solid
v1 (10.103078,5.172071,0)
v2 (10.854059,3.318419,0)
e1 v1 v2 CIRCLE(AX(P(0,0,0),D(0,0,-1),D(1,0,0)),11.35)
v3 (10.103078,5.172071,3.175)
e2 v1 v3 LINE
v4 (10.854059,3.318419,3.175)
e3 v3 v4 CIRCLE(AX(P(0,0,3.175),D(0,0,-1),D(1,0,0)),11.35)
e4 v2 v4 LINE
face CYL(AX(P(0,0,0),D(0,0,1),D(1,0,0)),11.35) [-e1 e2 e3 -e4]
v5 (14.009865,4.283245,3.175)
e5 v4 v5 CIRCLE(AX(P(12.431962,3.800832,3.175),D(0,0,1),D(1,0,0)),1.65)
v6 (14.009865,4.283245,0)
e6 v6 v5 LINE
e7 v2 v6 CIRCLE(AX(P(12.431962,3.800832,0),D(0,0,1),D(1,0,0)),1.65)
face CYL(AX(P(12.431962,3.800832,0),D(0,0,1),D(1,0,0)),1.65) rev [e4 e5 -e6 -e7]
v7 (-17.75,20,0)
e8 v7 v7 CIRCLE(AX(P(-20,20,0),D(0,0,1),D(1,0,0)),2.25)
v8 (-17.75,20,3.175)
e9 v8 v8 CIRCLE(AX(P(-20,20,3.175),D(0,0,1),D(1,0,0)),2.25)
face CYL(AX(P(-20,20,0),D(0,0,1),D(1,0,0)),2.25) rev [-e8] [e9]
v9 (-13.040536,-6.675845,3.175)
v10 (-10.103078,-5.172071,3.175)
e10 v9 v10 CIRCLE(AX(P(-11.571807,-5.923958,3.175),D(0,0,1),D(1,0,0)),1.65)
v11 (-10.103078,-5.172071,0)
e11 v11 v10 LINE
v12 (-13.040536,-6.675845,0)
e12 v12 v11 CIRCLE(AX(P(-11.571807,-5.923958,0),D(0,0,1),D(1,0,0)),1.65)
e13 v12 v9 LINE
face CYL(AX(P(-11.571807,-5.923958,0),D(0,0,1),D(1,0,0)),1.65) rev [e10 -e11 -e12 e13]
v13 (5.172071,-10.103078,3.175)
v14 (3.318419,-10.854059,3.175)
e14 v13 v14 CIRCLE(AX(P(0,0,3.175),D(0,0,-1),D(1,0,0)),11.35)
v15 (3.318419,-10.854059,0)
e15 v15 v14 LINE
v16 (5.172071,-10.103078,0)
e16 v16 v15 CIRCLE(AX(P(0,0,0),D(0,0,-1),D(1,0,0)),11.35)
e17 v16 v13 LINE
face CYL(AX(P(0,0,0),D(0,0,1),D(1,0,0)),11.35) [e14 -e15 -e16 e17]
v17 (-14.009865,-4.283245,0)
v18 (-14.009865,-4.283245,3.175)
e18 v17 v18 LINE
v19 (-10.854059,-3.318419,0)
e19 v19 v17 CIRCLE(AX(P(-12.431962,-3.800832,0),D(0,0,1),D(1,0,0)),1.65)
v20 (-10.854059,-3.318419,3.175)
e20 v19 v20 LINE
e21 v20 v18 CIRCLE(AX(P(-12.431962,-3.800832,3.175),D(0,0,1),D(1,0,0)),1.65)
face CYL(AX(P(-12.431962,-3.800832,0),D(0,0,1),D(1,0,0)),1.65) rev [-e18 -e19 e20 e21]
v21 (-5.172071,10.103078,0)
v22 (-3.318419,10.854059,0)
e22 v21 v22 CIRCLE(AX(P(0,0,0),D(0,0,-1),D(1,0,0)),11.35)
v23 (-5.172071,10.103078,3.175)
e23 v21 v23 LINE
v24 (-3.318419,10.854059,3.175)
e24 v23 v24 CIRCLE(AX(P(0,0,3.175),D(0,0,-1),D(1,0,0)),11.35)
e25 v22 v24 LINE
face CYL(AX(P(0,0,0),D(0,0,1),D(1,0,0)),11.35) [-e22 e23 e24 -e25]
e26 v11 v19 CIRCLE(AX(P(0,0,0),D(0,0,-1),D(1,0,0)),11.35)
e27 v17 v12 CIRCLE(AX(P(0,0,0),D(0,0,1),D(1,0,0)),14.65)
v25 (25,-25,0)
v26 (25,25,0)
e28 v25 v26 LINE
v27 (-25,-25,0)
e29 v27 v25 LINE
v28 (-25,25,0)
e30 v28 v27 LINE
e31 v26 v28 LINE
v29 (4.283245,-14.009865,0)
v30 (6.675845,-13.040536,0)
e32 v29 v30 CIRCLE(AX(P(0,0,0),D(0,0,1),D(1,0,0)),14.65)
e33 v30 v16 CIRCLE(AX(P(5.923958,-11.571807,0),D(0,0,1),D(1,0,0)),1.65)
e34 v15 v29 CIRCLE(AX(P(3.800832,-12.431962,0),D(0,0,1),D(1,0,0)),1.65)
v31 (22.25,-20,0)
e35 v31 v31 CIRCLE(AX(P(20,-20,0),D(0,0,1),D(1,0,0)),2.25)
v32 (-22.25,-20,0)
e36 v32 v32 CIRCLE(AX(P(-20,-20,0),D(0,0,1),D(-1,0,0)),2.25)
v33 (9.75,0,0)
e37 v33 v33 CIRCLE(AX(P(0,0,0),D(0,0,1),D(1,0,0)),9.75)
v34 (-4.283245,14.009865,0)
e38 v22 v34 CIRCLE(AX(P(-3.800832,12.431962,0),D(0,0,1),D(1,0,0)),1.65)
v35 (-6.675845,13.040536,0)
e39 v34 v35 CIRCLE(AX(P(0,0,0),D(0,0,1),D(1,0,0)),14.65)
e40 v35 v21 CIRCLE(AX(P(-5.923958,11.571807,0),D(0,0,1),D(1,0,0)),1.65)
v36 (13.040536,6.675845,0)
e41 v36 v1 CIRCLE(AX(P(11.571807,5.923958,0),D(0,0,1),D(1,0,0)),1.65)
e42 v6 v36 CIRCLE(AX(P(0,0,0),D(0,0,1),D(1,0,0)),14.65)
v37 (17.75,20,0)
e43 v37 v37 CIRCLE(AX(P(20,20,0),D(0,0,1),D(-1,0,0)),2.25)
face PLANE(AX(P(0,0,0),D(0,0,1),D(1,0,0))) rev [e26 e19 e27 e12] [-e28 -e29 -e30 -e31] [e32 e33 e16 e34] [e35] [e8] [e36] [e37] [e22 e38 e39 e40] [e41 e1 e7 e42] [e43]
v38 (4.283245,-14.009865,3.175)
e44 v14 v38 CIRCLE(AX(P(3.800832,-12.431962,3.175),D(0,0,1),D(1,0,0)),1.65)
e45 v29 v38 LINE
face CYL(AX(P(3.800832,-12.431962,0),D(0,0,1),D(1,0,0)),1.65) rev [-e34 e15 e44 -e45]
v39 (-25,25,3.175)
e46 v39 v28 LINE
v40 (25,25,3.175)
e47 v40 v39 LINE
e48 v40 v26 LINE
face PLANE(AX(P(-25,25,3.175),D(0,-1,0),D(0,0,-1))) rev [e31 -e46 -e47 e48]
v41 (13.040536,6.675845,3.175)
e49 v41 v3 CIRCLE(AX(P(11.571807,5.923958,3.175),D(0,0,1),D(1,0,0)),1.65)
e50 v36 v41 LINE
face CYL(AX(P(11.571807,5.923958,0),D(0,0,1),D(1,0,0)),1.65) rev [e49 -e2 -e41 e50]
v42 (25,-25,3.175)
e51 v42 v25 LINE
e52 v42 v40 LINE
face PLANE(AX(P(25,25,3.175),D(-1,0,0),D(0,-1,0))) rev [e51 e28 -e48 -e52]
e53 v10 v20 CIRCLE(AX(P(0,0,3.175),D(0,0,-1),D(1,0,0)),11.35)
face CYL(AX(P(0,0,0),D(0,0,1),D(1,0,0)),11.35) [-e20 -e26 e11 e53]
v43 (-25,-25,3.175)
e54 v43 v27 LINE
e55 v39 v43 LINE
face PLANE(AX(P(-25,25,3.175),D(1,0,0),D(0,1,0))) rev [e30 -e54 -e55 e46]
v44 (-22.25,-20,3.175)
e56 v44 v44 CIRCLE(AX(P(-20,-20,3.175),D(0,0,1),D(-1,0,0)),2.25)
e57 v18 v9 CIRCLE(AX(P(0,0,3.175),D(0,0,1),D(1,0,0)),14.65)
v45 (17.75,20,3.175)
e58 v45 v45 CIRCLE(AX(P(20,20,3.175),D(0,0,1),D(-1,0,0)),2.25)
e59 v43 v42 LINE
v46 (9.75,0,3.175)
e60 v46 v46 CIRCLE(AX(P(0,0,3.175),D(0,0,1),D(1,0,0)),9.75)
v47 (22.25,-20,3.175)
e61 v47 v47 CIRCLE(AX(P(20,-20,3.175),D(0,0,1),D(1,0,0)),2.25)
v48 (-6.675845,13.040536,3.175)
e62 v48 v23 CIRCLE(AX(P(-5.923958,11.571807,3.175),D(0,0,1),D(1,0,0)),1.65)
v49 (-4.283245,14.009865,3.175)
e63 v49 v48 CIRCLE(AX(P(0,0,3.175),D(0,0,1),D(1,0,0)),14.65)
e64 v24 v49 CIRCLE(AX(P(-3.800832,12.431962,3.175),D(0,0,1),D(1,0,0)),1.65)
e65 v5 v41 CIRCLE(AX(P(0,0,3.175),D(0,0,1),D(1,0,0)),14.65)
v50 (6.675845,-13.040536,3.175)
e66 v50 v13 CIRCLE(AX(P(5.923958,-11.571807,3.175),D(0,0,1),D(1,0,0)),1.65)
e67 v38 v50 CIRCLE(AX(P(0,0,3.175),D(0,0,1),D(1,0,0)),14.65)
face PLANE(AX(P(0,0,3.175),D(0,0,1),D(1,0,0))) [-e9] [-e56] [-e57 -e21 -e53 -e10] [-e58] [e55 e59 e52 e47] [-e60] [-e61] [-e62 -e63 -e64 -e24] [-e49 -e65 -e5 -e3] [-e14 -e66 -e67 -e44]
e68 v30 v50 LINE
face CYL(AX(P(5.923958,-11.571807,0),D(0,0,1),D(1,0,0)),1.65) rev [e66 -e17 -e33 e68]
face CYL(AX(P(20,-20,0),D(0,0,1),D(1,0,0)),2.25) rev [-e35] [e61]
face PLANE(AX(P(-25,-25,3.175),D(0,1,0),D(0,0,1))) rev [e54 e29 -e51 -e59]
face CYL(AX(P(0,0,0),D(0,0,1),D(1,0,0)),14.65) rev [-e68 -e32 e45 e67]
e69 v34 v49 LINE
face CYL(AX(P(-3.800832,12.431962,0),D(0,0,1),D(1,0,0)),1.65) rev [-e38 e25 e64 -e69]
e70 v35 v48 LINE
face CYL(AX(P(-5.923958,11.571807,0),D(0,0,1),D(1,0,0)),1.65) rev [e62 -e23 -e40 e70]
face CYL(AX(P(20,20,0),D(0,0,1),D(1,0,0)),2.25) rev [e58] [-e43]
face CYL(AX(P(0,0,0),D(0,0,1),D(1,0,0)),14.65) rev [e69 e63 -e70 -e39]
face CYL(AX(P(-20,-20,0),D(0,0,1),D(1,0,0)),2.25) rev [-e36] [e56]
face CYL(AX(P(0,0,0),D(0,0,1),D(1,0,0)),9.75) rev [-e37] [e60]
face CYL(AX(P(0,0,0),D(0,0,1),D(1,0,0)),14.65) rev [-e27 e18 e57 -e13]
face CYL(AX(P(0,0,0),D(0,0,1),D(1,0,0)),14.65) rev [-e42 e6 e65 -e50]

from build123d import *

# Parameters (mm, degrees)
SKETCH1_W           = 50
SKETCH1_H           = 50
BOSS_EXTRUDE1_DEPTH = 3.175
SKETCH2_R           = 9.75
CUT_EXTRUDE1_DEPTH  = 36.497614356
CUT_EXTRUDE2_DEPTH  = 36.497614356
SKETCH4_R           = 2.25
CUT_EXTRUDE3_DEPTH  = 36.497614356


with BuildPart() as part:
    # Sketch1 → Boss-Extrude1 (new body)
    with BuildSketch(Plane.XY):
        Rectangle(SKETCH1_W, SKETCH1_H)
    extrude(amount=BOSS_EXTRUDE1_DEPTH)

    # Sketch2 → Cut-Extrude1 (cut, through all)
    with BuildSketch(Plane.XY.offset(3.175)):
        Circle(SKETCH2_R)
    extrude(amount=-CUT_EXTRUDE1_DEPTH, mode=Mode.SUBTRACT)

    # Sketch3 → Cut-Extrude2 (cut, through all)
    with BuildSketch(Plane.XY.offset(3.175)):
        with BuildLine():
            ThreePointArc((-4.283245474, 14.009864675), (-5.500937795, 13.57800366), (-6.675845238, 13.040536429))
            ThreePointArc((-6.675845238, 13.040536429), (-7.392687591, 10.819920064), (-5.172071225, 10.103077711))
            ThreePointArc((-5.172071225, 10.103077711), (-4.261818701, 10.519477238), (-3.318418849, 10.85405898))
            ThreePointArc((-3.318418849, 10.85405898), (-2.222929314, 12.91437514), (-4.283245474, 14.009864675))
        make_face()
        with BuildLine():
            ThreePointArc((14.009864675, 4.283245474), (13.57800366, 5.500937795), (13.040536429, 6.675845238))
            ThreePointArc((13.040536429, 6.675845238), (10.819920064, 7.392687591), (10.103077711, 5.172071225))
            ThreePointArc((10.103077711, 5.172071225), (10.519477238, 4.261818701), (10.85405898, 3.318418849))
            ThreePointArc((10.85405898, 3.318418849), (12.91437514, 2.222929314), (14.009864675, 4.283245474))
        make_face()
        with BuildLine():
            ThreePointArc((4.283245474, -14.009864675), (5.500937795, -13.57800366), (6.675845238, -13.040536429))
            ThreePointArc((6.675845238, -13.040536429), (7.392687591, -10.819920064), (5.172071225, -10.103077711))
            ThreePointArc((5.172071225, -10.103077711), (4.261818701, -10.519477238), (3.318418849, -10.85405898))
            ThreePointArc((3.318418849, -10.85405898), (2.222929314, -12.91437514), (4.283245474, -14.009864675))
        make_face()
        with BuildLine():
            ThreePointArc((-14.009864675, -4.283245474), (-13.57800366, -5.500937795), (-13.040536429, -6.675845238))
            ThreePointArc((-13.040536429, -6.675845238), (-10.819920064, -7.392687591), (-10.103077711, -5.172071225))
            ThreePointArc((-10.103077711, -5.172071225), (-10.519477238, -4.261818701), (-10.85405898, -3.318418849))
            ThreePointArc((-10.85405898, -3.318418849), (-12.91437514, -2.222929314), (-14.009864675, -4.283245474))
        make_face()
    extrude(amount=-CUT_EXTRUDE2_DEPTH, mode=Mode.SUBTRACT)

    # Sketch4 → Cut-Extrude3 (cut, through all)
    with BuildSketch(Plane.XY.offset(3.175)):
        with Locations((-20, 20)):
            Circle(SKETCH4_R)
        with Locations(Location((-20, -20, 0), (0, 0, 180))):
            Circle(SKETCH4_R)
        with Locations(Location((20, 20, 0), (0, 0, 180))):
            Circle(SKETCH4_R)
        with Locations((20, -20)):
            Circle(SKETCH4_R)
    extrude(amount=-CUT_EXTRUDE3_DEPTH, mode=Mode.SUBTRACT)


solid = part.part
